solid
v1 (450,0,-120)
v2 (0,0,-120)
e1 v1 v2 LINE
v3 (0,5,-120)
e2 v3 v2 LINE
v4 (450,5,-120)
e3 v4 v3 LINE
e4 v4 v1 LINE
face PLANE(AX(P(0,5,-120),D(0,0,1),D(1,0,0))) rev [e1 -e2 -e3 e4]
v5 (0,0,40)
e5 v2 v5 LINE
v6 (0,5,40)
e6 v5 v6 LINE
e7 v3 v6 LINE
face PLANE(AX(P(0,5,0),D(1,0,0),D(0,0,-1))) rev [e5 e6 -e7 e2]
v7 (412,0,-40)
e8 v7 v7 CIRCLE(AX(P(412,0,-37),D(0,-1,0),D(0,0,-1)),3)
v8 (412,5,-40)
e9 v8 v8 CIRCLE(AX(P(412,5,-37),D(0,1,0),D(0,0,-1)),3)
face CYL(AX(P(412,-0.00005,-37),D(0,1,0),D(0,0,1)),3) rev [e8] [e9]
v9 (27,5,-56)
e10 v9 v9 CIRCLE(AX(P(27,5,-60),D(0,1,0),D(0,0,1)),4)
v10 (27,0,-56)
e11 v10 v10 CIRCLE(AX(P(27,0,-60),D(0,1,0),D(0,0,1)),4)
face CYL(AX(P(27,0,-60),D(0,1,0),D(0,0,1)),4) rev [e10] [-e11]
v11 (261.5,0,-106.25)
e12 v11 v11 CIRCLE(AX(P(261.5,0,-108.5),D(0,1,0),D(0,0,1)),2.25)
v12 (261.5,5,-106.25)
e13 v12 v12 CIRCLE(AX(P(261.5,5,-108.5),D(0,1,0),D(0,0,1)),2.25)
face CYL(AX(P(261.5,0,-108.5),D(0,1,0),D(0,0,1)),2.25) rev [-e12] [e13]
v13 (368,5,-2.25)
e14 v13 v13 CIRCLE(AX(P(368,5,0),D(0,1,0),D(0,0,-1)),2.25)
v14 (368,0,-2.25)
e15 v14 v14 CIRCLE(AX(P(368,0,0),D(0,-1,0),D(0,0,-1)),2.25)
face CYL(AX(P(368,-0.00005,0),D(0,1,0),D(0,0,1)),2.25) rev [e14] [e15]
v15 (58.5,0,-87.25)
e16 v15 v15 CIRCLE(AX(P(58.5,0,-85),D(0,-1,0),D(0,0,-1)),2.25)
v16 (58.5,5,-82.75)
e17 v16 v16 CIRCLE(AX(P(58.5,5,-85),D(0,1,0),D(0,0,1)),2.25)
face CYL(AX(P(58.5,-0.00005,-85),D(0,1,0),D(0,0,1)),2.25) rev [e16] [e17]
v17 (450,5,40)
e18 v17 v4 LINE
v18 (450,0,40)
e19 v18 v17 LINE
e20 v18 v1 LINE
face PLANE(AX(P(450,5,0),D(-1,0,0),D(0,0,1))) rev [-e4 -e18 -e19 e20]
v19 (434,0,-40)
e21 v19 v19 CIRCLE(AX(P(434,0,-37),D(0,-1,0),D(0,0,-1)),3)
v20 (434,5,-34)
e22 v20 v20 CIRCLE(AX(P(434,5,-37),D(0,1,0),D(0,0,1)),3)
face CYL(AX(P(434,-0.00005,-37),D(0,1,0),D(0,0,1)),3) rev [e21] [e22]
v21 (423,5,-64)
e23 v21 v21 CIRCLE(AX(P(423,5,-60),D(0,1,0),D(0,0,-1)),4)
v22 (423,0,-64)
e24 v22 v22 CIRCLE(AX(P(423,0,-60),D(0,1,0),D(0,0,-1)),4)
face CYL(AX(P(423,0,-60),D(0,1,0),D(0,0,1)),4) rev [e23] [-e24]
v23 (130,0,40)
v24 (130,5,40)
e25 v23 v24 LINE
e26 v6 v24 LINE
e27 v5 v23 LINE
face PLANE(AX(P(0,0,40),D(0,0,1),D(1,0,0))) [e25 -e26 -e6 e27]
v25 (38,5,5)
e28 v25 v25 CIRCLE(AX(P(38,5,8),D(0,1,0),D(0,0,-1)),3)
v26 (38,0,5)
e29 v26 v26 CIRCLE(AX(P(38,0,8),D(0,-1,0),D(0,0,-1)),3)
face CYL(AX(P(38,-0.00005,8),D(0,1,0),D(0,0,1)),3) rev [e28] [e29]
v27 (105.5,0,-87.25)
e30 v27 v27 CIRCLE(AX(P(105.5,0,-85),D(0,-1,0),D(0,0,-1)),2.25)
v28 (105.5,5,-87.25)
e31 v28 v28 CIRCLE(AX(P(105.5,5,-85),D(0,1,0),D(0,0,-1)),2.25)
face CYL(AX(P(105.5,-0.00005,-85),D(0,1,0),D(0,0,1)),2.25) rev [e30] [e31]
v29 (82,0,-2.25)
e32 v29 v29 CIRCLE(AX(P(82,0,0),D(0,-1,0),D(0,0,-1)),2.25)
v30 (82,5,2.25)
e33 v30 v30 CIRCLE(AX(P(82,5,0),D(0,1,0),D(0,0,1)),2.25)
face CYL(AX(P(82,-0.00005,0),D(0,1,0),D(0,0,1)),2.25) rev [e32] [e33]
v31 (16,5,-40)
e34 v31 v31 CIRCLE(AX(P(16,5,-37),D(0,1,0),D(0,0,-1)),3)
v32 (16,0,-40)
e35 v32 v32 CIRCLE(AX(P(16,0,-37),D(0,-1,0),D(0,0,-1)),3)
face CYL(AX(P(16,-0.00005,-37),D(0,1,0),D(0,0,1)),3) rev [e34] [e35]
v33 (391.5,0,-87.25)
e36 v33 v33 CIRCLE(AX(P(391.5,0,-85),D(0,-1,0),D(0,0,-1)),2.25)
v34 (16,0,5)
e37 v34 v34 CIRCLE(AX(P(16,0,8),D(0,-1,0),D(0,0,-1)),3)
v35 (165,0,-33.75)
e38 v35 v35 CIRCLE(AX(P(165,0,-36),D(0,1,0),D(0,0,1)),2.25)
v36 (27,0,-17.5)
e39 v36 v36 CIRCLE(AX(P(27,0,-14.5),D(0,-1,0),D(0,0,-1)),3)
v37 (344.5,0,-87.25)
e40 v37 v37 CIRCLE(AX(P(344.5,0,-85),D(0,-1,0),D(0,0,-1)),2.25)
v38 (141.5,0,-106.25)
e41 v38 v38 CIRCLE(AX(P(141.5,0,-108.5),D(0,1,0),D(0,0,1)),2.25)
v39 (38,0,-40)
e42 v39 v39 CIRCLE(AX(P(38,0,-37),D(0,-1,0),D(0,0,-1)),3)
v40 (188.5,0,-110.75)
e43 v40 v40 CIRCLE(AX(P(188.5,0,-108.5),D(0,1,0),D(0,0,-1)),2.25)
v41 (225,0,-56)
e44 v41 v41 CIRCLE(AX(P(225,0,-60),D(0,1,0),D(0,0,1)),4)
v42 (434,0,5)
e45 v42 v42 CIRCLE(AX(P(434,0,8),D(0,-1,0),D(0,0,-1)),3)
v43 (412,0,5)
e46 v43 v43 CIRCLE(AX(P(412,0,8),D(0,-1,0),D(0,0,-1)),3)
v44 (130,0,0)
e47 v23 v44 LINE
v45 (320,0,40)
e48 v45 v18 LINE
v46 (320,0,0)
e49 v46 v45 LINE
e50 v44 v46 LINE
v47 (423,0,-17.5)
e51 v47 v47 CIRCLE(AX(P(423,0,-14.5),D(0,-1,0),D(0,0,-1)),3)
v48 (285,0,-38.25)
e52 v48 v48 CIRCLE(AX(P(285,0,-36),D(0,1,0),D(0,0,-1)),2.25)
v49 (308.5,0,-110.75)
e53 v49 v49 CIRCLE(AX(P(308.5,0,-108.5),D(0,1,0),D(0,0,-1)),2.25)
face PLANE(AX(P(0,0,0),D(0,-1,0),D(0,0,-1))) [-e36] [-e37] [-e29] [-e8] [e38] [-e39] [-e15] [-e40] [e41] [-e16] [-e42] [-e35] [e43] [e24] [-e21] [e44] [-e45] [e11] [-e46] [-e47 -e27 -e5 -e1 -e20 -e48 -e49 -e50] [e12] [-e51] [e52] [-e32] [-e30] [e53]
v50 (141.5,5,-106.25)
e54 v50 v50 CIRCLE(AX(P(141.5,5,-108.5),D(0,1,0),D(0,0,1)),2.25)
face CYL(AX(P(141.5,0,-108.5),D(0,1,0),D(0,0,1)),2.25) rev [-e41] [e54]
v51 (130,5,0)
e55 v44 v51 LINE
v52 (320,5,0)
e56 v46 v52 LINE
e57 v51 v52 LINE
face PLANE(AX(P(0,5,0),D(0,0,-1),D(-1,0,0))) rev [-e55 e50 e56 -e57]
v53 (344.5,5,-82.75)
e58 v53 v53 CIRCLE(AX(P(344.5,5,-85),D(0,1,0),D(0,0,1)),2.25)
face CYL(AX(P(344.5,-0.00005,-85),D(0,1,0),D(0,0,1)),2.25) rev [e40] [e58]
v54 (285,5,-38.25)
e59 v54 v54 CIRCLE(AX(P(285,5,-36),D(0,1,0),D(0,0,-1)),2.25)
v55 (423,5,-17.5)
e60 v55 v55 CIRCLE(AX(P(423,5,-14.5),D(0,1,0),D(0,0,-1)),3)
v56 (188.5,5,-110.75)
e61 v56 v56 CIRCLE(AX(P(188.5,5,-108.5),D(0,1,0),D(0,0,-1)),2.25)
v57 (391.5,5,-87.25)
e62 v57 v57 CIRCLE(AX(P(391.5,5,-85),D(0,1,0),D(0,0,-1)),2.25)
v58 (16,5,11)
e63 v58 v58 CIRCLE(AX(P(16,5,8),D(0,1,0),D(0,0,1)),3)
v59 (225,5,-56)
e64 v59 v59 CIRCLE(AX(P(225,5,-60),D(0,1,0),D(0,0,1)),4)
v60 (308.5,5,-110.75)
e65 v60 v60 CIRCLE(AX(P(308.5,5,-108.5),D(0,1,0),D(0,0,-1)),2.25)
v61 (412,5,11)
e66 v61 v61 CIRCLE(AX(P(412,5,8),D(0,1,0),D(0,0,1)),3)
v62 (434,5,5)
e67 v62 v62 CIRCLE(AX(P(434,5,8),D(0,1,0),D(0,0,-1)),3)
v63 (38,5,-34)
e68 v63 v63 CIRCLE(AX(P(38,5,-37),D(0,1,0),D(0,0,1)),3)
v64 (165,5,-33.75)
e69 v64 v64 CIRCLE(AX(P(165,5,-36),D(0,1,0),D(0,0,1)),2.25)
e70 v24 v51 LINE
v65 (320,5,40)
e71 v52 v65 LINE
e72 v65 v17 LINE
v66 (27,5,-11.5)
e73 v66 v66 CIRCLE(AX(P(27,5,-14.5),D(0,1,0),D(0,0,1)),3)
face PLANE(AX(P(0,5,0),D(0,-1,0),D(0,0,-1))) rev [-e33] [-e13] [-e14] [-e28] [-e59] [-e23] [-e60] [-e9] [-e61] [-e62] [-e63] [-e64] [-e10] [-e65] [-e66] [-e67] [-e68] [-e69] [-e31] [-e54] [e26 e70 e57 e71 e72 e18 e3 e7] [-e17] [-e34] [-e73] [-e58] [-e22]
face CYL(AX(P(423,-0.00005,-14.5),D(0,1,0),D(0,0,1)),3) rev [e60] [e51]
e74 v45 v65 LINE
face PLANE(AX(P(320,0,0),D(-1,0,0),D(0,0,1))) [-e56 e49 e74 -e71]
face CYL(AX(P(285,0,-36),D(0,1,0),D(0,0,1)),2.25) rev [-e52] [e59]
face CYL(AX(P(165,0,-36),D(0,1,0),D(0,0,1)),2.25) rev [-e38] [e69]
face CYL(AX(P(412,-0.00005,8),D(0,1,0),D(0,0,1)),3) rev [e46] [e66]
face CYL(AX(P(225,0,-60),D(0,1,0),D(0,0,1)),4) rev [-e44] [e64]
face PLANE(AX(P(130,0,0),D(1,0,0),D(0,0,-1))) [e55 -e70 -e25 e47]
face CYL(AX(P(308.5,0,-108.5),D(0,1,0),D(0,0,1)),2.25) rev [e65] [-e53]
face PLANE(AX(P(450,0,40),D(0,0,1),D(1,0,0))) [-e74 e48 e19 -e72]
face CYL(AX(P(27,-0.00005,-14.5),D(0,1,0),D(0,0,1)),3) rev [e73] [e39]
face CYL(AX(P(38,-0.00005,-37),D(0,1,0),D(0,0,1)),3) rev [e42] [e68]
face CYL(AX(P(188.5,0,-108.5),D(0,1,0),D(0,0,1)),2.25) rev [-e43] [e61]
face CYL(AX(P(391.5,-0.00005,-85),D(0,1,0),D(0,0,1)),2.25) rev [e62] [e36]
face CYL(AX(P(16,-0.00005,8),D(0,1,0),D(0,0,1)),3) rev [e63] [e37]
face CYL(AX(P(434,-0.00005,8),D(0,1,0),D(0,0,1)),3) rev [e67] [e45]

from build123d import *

# Parameters (mm, degrees)
SKETCH_1_W          = 450
SKETCH_1_H          = 120
EXTRUDE_1_DEPTH     = 5
SKETCH_2_R          = 4
CUT_EXTRUDE_1_DEPTH = 466.752079974
SKETCH_3_R          = 2.25
CUT_EXTRUDE_2_DEPTH = 466.752079974
SKETCH_4_W          = 130
SKETCH_4_H          = 40
EXTRUDE_2_DEPTH     = 5
SKETCH_5_R          = 2.25
CUT_EXTRUDE_3_DEPTH = 466.752079974
SKETCH_7_R          = 3
CUT_EXTRUDE_4_DEPTH = 466.752079974


with BuildPart() as part:
    # 草图1 → 凸台-拉伸1 (new body)
    with BuildSketch(Plane(origin=(0, 0, 0), x_dir=(1, 0, 0), z_dir=(0, 1, 0))):
        with Locations((225, 60)):
            Rectangle(SKETCH_1_W, SKETCH_1_H)
    extrude(amount=EXTRUDE_1_DEPTH)

    # 草图2 → 切除-拉伸1 (cut, through all)
    with BuildSketch(Plane(origin=(0, 5, 0), x_dir=(1, 0, 0), z_dir=(0, 1, 0))):
        with Locations(Location((225, 60, 0), (0, 0, 270))):
            Circle(SKETCH_2_R)
        with Locations(Location((27, 60, 0), (0, 0, 270))):
            Circle(SKETCH_2_R)
        with Locations(Location((423, 60, 0), (0, 0, 90))):
            Circle(SKETCH_2_R)
    extrude(amount=-CUT_EXTRUDE_1_DEPTH, mode=Mode.SUBTRACT)

    # 草图3 → 切除-拉伸2 (cut, through all)
    with BuildSketch(Plane(origin=(0, 5, 0), x_dir=(1, 0, 0), z_dir=(0, 1, 0))):
        with Locations(Location((165, 36, 0), (0, 0, 270))):
            Circle(SKETCH_3_R)
        with Locations(Location((141.5, 108.5, 0), (0, 0, 270))):
            Circle(SKETCH_3_R)
        with Locations(Location((188.5, 108.5, 0), (0, 0, 90))):
            Circle(SKETCH_3_R)
        with Locations(Location((285, 36, 0), (0, 0, 90))):
            Circle(SKETCH_3_R)
        with Locations(Location((261.5, 108.5, 0), (0, 0, 270))):
            Circle(SKETCH_3_R)
        with Locations(Location((308.5, 108.5, 0), (0, 0, 90))):
            Circle(SKETCH_3_R)
    extrude(amount=-CUT_EXTRUDE_2_DEPTH, mode=Mode.SUBTRACT)

    # 草图4 → 凸台-拉伸2 (add)
    with BuildSketch(Plane(origin=(0, 5, 0), x_dir=(1, 0, 0), z_dir=(0, 1, 0))):
        with Locations((65, -20)):
            Rectangle(SKETCH_4_W, SKETCH_4_H)
        with Locations((385, -20)):
            Rectangle(SKETCH_4_W, SKETCH_4_H)
    extrude(amount=-EXTRUDE_2_DEPTH)

    # 草图5 → 切除-拉伸3 (cut, through all)
    with BuildSketch(Plane(origin=(0, 5, 0), x_dir=(1, 0, 0), z_dir=(0, 1, 0))):
        with Locations(Location((82, 0, 0), (0, 0, 270))):
            Circle(SKETCH_5_R)
        with Locations(Location((58.5, 85, 0), (0, 0, 270))):
            Circle(SKETCH_5_R)
        with Locations(Location((105.5, 85, 0), (0, 0, 90))):
            Circle(SKETCH_5_R)
        with Locations(Location((368, 0, 0), (0, 0, 90))):
            Circle(SKETCH_5_R)
        with Locations(Location((344.5, 85, 0), (0, 0, 270))):
            Circle(SKETCH_5_R)
        with Locations(Location((391.5, 85, 0), (0, 0, 90))):
            Circle(SKETCH_5_R)
    extrude(amount=-CUT_EXTRUDE_3_DEPTH, mode=Mode.SUBTRACT)

    # 草图7 → 切除-拉伸4 (cut, through all)
    with BuildSketch(Plane(origin=(0, 5, 0), x_dir=(1, 0, 0), z_dir=(0, 1, 0))):
        with Locations(Location((38, 37, 0), (0, 0, 270))):
            Circle(SKETCH_7_R)
        with Locations(Location((16, 37, 0), (0, 0, 90))):
            Circle(SKETCH_7_R)
        with Locations(Location((16, -8, 0), (0, 0, 270))):
            Circle(SKETCH_7_R)
        with Locations(Location((38, -8, 0), (0, 0, 90))):
            Circle(SKETCH_7_R)
        with Locations(Location((27, 14.5, 0), (0, 0, 270))):
            Circle(SKETCH_7_R)
        with Locations(Location((412, 37, 0), (0, 0, 90))):
            Circle(SKETCH_7_R)
        with Locations(Location((434, 37, 0), (0, 0, 270))):
            Circle(SKETCH_7_R)
        with Locations(Location((434, -8, 0), (0, 0, 90))):
            Circle(SKETCH_7_R)
        with Locations(Location((423, 14.5, 0), (0, 0, 90))):
            Circle(SKETCH_7_R)
        with Locations(Location((412, -8, 0), (0, 0, 270))):
            Circle(SKETCH_7_R)
    extrude(amount=-CUT_EXTRUDE_4_DEPTH, mode=Mode.SUBTRACT)


solid = part.part
